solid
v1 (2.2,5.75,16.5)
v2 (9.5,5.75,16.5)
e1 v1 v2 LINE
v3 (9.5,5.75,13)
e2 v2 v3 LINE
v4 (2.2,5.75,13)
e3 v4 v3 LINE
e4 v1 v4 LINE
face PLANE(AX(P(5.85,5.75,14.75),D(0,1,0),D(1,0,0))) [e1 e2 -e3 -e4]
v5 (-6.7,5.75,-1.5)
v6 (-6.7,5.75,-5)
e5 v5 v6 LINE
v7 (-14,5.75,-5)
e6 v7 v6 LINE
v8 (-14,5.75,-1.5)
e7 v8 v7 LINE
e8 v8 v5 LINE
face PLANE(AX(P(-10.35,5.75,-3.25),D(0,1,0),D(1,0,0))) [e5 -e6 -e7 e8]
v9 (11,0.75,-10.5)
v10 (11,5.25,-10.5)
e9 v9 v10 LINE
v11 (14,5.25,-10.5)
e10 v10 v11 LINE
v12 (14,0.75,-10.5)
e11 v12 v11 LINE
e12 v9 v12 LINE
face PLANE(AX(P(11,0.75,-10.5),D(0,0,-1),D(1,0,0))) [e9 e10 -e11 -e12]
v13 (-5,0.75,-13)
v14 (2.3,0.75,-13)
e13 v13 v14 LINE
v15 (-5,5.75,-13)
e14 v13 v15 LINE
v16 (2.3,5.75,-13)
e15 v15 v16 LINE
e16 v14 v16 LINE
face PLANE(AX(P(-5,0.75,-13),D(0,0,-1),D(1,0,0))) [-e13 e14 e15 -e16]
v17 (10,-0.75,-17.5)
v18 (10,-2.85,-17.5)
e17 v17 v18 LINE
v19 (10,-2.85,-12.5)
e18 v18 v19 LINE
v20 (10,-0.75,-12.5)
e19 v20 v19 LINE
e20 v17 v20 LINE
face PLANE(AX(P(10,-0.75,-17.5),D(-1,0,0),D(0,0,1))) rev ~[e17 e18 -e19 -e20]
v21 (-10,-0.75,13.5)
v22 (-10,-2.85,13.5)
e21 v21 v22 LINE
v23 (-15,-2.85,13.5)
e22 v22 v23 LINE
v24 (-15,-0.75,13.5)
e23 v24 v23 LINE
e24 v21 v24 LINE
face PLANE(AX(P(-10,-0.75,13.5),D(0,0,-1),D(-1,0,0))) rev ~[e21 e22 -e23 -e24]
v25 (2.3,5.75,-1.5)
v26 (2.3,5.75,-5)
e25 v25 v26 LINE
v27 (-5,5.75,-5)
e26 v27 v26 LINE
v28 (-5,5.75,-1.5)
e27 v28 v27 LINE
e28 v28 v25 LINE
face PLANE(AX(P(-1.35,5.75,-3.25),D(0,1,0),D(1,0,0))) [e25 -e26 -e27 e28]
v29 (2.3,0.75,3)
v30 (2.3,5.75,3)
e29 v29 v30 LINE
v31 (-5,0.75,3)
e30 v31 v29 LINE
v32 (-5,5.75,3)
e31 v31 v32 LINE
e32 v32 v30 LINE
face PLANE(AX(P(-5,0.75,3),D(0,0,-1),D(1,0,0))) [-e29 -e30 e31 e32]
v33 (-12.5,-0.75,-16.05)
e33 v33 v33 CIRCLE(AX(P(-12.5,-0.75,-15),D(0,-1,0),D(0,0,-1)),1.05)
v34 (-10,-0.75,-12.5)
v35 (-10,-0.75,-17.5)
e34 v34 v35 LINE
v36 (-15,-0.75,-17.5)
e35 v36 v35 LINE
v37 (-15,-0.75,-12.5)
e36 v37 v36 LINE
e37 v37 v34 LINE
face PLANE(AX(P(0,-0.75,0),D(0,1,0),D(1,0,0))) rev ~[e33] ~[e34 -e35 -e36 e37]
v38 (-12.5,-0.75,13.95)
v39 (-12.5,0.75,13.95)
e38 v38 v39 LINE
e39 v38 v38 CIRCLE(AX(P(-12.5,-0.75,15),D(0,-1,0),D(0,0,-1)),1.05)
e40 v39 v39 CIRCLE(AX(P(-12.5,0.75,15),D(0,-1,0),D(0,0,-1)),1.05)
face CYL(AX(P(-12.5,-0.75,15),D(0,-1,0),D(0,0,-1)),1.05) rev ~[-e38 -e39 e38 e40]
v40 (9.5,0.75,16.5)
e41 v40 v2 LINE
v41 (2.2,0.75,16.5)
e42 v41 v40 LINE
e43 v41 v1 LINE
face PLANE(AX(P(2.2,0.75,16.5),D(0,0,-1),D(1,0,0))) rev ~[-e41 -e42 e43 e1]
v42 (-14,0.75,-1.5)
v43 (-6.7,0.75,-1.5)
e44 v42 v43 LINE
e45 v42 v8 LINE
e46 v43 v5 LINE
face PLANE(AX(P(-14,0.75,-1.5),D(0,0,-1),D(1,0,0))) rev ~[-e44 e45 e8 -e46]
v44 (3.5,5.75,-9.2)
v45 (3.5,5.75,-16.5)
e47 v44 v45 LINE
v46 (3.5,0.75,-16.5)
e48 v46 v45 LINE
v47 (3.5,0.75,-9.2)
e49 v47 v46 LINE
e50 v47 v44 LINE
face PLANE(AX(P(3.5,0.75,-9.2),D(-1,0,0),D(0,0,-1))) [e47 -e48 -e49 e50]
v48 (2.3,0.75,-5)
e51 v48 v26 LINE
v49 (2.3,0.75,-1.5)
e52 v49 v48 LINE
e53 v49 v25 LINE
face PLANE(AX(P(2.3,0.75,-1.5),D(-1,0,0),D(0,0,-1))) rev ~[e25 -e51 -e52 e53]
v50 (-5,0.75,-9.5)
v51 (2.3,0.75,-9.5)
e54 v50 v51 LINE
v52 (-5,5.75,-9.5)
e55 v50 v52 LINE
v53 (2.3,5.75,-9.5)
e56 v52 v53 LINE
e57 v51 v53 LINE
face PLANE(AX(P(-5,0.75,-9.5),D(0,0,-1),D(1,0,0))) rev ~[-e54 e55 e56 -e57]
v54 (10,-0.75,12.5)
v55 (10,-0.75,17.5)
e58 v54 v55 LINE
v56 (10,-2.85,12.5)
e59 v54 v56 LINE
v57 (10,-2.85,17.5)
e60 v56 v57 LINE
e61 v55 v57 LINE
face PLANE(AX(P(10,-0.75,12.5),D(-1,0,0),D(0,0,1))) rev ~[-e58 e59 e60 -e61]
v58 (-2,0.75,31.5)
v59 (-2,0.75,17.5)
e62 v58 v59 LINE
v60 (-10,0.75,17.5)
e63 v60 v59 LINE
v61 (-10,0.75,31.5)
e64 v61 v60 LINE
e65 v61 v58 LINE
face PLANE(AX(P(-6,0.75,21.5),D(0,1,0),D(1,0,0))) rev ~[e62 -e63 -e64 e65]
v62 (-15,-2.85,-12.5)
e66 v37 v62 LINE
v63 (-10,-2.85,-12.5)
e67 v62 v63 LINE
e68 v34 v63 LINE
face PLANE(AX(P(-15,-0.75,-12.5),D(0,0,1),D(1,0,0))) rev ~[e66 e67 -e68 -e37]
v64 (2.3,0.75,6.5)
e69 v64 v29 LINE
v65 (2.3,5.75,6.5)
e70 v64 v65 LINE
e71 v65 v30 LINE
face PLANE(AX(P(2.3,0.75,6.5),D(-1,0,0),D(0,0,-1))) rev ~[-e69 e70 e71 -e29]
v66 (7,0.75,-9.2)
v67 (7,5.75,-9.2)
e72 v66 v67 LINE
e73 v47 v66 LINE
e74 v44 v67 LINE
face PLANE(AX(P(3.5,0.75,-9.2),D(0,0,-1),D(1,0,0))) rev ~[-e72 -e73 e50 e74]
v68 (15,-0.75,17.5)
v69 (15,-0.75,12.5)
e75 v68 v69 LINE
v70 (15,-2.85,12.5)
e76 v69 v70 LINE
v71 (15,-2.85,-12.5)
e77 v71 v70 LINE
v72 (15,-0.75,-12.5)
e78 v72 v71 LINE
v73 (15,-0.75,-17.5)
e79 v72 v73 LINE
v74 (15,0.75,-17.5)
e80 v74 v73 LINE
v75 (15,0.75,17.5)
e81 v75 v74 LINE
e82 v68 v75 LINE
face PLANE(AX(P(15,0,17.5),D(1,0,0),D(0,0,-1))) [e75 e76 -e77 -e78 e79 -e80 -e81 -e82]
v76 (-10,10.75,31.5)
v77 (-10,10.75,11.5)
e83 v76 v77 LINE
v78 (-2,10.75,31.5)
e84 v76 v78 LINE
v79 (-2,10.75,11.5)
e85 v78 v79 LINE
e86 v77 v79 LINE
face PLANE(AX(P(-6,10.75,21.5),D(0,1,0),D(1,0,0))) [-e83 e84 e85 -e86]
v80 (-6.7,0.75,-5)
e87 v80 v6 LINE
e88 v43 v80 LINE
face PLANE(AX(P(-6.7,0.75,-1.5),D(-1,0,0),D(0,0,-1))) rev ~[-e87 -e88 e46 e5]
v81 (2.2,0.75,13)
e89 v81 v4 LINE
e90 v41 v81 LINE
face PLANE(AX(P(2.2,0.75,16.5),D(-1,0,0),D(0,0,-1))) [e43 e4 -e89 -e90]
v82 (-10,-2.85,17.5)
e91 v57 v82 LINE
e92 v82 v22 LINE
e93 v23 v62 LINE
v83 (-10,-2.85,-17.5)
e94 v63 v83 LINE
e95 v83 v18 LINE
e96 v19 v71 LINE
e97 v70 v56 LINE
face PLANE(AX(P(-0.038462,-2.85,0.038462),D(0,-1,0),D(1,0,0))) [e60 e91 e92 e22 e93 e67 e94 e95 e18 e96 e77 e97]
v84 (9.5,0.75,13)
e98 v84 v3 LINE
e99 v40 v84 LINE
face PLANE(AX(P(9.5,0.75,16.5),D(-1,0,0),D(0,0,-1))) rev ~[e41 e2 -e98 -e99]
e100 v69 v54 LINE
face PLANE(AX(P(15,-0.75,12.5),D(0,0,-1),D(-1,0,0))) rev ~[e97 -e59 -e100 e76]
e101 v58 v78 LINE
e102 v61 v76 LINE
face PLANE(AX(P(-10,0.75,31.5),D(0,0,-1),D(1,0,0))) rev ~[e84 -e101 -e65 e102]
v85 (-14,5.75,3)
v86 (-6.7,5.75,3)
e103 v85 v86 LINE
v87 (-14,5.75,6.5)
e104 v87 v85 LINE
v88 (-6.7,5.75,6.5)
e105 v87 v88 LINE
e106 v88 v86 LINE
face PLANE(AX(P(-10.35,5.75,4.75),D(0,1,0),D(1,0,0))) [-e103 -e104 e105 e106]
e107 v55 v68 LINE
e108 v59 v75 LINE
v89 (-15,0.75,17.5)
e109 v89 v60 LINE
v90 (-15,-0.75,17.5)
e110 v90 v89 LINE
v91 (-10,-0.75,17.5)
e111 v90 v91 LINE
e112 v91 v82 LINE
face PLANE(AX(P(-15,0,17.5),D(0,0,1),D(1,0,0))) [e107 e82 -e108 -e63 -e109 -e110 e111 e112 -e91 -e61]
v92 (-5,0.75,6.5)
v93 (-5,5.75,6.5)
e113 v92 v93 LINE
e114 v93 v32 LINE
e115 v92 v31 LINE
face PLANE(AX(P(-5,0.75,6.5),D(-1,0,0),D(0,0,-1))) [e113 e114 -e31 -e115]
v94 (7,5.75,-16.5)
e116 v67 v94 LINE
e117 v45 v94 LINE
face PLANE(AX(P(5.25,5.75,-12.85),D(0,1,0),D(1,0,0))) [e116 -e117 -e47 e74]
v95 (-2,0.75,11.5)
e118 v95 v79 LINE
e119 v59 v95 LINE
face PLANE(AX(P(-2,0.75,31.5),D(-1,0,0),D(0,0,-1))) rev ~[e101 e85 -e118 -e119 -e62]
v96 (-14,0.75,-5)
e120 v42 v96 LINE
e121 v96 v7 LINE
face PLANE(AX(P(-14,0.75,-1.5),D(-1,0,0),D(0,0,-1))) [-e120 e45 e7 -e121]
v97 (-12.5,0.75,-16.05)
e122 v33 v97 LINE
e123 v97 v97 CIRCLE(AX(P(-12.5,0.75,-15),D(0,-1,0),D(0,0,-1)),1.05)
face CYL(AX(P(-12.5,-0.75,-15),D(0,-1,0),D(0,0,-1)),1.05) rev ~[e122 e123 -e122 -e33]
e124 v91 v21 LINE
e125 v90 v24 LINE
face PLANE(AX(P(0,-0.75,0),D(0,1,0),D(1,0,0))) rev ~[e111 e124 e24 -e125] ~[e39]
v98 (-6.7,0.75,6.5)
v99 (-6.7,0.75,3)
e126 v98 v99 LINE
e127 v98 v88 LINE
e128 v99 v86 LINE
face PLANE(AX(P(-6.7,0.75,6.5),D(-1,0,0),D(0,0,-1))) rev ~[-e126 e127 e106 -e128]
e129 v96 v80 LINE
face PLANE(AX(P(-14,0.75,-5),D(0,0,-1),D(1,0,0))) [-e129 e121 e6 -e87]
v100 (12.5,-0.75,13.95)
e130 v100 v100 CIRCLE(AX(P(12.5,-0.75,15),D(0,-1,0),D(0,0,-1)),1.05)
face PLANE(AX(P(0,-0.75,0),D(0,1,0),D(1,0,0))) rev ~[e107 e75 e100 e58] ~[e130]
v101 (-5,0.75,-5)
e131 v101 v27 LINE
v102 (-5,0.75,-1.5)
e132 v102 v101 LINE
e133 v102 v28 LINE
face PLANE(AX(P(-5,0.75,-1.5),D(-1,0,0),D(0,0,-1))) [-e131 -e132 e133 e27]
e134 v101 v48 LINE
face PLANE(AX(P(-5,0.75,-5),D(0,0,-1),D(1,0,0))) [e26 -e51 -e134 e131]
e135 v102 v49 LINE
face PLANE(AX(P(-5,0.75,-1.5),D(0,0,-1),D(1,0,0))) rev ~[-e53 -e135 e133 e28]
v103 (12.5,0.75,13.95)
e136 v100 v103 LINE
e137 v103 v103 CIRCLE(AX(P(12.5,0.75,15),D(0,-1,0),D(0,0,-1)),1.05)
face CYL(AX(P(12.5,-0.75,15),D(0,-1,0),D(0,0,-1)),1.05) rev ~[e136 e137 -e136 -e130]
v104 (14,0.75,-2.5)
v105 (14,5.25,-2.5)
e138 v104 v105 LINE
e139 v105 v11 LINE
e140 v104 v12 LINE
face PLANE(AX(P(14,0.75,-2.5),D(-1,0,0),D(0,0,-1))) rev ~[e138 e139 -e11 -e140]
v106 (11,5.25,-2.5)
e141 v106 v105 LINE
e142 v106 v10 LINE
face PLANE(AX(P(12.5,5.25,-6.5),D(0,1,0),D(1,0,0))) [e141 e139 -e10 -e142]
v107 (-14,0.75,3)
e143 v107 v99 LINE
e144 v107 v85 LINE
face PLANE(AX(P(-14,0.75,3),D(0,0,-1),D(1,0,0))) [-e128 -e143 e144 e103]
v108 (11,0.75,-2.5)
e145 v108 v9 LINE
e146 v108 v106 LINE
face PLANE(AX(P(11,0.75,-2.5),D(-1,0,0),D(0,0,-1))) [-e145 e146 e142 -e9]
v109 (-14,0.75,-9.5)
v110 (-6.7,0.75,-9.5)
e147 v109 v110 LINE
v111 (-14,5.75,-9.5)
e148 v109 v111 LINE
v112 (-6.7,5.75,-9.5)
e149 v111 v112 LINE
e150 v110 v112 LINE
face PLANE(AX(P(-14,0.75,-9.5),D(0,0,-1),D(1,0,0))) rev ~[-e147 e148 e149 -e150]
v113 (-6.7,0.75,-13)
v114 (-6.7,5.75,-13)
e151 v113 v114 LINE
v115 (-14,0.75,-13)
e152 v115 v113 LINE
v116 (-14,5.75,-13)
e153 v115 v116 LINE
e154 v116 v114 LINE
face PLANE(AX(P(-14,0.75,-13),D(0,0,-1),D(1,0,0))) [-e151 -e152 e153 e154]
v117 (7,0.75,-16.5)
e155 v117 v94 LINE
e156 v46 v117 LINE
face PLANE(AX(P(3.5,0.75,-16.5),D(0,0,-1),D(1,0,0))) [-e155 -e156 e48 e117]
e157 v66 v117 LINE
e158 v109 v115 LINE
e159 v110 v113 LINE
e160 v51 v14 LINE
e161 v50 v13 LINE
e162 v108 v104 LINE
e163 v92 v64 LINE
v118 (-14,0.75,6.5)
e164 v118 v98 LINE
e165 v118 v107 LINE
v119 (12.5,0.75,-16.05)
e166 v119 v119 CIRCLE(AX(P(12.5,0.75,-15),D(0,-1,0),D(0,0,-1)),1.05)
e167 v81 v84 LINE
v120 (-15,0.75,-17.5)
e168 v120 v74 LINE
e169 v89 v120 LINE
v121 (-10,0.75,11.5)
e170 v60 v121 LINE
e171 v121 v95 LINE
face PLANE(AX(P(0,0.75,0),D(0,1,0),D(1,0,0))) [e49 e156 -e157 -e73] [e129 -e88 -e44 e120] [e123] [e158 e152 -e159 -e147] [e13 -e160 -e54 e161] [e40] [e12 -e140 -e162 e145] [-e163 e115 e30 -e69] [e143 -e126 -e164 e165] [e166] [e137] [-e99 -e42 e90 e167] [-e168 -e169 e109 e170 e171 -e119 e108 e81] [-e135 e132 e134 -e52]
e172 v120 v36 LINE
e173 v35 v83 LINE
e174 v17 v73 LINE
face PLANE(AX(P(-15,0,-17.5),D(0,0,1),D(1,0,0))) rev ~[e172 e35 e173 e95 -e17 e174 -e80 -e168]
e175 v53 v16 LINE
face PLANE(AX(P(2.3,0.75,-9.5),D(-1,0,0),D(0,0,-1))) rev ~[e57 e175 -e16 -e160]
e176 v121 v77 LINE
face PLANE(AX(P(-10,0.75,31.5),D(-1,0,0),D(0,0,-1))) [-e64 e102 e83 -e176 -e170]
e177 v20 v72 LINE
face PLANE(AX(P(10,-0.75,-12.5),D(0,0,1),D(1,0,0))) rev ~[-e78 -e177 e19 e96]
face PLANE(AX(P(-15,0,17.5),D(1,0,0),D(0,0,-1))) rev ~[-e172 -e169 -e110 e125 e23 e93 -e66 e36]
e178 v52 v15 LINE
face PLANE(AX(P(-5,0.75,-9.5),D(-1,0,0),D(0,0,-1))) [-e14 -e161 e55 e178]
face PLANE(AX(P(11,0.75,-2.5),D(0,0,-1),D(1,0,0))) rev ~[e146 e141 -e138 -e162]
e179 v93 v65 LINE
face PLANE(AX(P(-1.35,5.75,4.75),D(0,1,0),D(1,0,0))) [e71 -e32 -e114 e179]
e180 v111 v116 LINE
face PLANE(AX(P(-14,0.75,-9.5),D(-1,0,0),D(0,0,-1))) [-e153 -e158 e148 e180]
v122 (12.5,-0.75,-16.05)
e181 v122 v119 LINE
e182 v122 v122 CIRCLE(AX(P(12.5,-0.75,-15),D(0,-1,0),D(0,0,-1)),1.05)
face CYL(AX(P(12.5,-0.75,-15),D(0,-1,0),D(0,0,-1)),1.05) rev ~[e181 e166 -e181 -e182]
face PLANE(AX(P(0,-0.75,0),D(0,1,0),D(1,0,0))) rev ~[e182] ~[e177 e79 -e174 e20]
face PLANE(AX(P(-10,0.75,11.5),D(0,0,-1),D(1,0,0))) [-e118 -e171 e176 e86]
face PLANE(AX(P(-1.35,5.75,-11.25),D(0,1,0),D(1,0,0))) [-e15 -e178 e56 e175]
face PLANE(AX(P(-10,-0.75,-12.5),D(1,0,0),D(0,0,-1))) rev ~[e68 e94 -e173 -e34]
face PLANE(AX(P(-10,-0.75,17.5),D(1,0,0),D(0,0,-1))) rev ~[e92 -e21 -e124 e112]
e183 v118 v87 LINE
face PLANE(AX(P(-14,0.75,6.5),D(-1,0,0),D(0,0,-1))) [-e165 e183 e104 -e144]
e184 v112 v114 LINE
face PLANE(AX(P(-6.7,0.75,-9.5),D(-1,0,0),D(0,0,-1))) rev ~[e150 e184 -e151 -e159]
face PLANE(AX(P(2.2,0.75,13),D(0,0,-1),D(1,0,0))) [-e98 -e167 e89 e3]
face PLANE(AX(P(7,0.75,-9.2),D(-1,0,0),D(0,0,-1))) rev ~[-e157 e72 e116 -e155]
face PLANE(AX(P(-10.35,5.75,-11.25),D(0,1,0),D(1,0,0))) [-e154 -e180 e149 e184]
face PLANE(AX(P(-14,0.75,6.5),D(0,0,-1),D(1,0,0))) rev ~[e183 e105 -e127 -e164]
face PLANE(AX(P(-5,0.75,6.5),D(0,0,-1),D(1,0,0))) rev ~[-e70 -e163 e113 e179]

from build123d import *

# Parameters (mm, degrees)
SKETCH_1_W                       = 30
SKETCH_1_H                       = 35
EXTRUDE_1_DEPTH                  = 0.75
SKETCH_2_R                       = 1.05
CUT_EXTRUDE_1_DEPTH              = 1.5
EXTRUDE_2_DEPTH                  = 2.1
SKETCH_4_W                       = 3.5
SKETCH_4_H                       = 7.3
SKETCH_4_W_2                     = 7.3
SKETCH_4_H_2                     = 3.5
EXTRUDE_3_DEPTH                  = 5
SKETCH_5_W                       = 7.3
SKETCH_5_H                       = 3.5
EXTRUDE_4_DEPTH                  = 5
PATTERN_LINEAR_1_COUNT           = 2
PATTERN_LINEAR_1_PITCH           = 9
PATTERN_LINEAR_2_COUNT           = 3
PATTERN_LINEAR_2_PITCH           = 8
PATTERN_LINEAR_2_COPY_1_SKETCH_W = 7.3
PATTERN_LINEAR_2_COPY_1_SKETCH_H = 3.5
PATTERN_LINEAR_2_COPY_1_DEPTH    = 5
PATTERN_LINEAR_2_COPY_2_SKETCH_W = 7.3
PATTERN_LINEAR_2_COPY_2_SKETCH_H = 3.5
PATTERN_LINEAR_2_COPY_2_DEPTH    = 5
SKETCH_6_W                       = 3
SKETCH_6_H                       = 8
EXTRUDE_5_DEPTH                  = 4.5
SKETCH_7_W                       = 8
SKETCH_7_H                       = 20
EXTRUDE_6_DEPTH                  = 10


with BuildPart() as part:
    # ｽｹｯﾁ1 → ﾎﾞｽ - 押し出し1 (new, symmetric)
    with BuildSketch(Plane(origin=(0, 0, 0), x_dir=(1, 0, 0), z_dir=(0, 1, 0))):
        Rectangle(SKETCH_1_W, SKETCH_1_H)
    extrude(amount=EXTRUDE_1_DEPTH, both=True)

    # ｽｹｯﾁ2 → ｶｯﾄ - 押し出し1 (cut)
    with BuildSketch(Plane.XZ.offset(0.75)):
        with Locations(Location((-12.5, 15, 0), (0, 0, 270))):
            Circle(SKETCH_2_R)
        with Locations(Location((-12.5, -15, 0), (0, 0, 270))):
            Circle(SKETCH_2_R)
        with Locations(Location((12.5, 15, 0), (0, 0, 270))):
            Circle(SKETCH_2_R)
        with Locations(Location((12.5, -15, 0), (0, 0, 270))):
            Circle(SKETCH_2_R)
    extrude(amount=-CUT_EXTRUDE_1_DEPTH, mode=Mode.SUBTRACT)

    # ｽｹｯﾁ3 → ﾎﾞｽ - 押し出し2 (add)
    with BuildSketch(Plane.XZ.offset(0.75)):
        Polygon((-10, 17.5), (-10, 13.5), (-15, 13.5), (-15, -12.5), (-10, -12.5), (-10, -17.5), (10, -17.5), (10, -12.5), (15, -12.5), (15, 12.5), (10, 12.5), (10, 17.5), align=None)
    extrude(amount=EXTRUDE_2_DEPTH)

    # ｽｹｯﾁ4 → ﾎﾞｽ - 押し出し3 (add)
    with BuildSketch(Plane(origin=(0, 0.75, 0), x_dir=(1, 0, 0), z_dir=(0, 1, 0))):
        with Locations((5.25, 12.85)):
            Rectangle(SKETCH_4_W, SKETCH_4_H)
        with Locations((5.85, -14.75)):
            Rectangle(SKETCH_4_W_2, SKETCH_4_H_2)
    extrude(amount=EXTRUDE_3_DEPTH)

    # ｽｹｯﾁ5 → ﾎﾞｽ - 押し出し4 (add)
    with BuildSketch(Plane(origin=(0, 0.75, 0), x_dir=(1, 0, 0), z_dir=(0, 1, 0))):
        with Locations((-10.35, 11.25)):
            Rectangle(SKETCH_5_W, SKETCH_5_H)
    extrude_4 = extrude(amount=EXTRUDE_4_DEPTH)

    # 直線ﾊﾟﾀｰﾝ1: ﾎﾞｽ - 押し出し4 ×2
    with Locations(*[(i * PATTERN_LINEAR_1_PITCH, 0, 0) for i in range(1, PATTERN_LINEAR_1_COUNT)]):
        add(extrude_4)

    # 直線ﾊﾟﾀｰﾝ2: ﾎﾞｽ - 押し出し4 ×3
    with Locations(*[(0, 0, i * PATTERN_LINEAR_2_PITCH) for i in range(1, PATTERN_LINEAR_2_COUNT)]):
        add(extrude_4)

    # 直線ﾊﾟﾀｰﾝ2 copy 1 sketch → 直線ﾊﾟﾀｰﾝ2 copy 1 (add)
    with BuildSketch(Plane(origin=(9, 0.75, 8), x_dir=(1, 0, 0), z_dir=(0, 1, 0))):
        with Locations((-10.35, 11.25)):
            Rectangle(PATTERN_LINEAR_2_COPY_1_SKETCH_W, PATTERN_LINEAR_2_COPY_1_SKETCH_H)
    extrude(amount=PATTERN_LINEAR_2_COPY_1_DEPTH)

    # 直線ﾊﾟﾀｰﾝ2 copy 2 sketch → 直線ﾊﾟﾀｰﾝ2 copy 2 (add)
    with BuildSketch(Plane(origin=(9, 0.75, 16), x_dir=(1, 0, 0), z_dir=(0, 1, 0))):
        with Locations((-10.35, 11.25)):
            Rectangle(PATTERN_LINEAR_2_COPY_2_SKETCH_W, PATTERN_LINEAR_2_COPY_2_SKETCH_H)
    extrude(amount=PATTERN_LINEAR_2_COPY_2_DEPTH)

    # ｽｹｯﾁ6 → ﾎﾞｽ - 押し出し5 (add)
    with BuildSketch(Plane(origin=(0, 0.75, 0), x_dir=(1, 0, 0), z_dir=(0, 1, 0))):
        with Locations((12.5, 6.5)):
            Rectangle(SKETCH_6_W, SKETCH_6_H)
    extrude(amount=EXTRUDE_5_DEPTH)

    # ｽｹｯﾁ7 → ﾎﾞｽ - 押し出し6 (add)
    with BuildSketch(Plane(origin=(0, 0.75, 0), x_dir=(1, 0, 0), z_dir=(0, 1, 0))):
        with Locations((-6, -21.5)):
            Rectangle(SKETCH_7_W, SKETCH_7_H)
    extrude(amount=EXTRUDE_6_DEPTH)


solid = part.part
